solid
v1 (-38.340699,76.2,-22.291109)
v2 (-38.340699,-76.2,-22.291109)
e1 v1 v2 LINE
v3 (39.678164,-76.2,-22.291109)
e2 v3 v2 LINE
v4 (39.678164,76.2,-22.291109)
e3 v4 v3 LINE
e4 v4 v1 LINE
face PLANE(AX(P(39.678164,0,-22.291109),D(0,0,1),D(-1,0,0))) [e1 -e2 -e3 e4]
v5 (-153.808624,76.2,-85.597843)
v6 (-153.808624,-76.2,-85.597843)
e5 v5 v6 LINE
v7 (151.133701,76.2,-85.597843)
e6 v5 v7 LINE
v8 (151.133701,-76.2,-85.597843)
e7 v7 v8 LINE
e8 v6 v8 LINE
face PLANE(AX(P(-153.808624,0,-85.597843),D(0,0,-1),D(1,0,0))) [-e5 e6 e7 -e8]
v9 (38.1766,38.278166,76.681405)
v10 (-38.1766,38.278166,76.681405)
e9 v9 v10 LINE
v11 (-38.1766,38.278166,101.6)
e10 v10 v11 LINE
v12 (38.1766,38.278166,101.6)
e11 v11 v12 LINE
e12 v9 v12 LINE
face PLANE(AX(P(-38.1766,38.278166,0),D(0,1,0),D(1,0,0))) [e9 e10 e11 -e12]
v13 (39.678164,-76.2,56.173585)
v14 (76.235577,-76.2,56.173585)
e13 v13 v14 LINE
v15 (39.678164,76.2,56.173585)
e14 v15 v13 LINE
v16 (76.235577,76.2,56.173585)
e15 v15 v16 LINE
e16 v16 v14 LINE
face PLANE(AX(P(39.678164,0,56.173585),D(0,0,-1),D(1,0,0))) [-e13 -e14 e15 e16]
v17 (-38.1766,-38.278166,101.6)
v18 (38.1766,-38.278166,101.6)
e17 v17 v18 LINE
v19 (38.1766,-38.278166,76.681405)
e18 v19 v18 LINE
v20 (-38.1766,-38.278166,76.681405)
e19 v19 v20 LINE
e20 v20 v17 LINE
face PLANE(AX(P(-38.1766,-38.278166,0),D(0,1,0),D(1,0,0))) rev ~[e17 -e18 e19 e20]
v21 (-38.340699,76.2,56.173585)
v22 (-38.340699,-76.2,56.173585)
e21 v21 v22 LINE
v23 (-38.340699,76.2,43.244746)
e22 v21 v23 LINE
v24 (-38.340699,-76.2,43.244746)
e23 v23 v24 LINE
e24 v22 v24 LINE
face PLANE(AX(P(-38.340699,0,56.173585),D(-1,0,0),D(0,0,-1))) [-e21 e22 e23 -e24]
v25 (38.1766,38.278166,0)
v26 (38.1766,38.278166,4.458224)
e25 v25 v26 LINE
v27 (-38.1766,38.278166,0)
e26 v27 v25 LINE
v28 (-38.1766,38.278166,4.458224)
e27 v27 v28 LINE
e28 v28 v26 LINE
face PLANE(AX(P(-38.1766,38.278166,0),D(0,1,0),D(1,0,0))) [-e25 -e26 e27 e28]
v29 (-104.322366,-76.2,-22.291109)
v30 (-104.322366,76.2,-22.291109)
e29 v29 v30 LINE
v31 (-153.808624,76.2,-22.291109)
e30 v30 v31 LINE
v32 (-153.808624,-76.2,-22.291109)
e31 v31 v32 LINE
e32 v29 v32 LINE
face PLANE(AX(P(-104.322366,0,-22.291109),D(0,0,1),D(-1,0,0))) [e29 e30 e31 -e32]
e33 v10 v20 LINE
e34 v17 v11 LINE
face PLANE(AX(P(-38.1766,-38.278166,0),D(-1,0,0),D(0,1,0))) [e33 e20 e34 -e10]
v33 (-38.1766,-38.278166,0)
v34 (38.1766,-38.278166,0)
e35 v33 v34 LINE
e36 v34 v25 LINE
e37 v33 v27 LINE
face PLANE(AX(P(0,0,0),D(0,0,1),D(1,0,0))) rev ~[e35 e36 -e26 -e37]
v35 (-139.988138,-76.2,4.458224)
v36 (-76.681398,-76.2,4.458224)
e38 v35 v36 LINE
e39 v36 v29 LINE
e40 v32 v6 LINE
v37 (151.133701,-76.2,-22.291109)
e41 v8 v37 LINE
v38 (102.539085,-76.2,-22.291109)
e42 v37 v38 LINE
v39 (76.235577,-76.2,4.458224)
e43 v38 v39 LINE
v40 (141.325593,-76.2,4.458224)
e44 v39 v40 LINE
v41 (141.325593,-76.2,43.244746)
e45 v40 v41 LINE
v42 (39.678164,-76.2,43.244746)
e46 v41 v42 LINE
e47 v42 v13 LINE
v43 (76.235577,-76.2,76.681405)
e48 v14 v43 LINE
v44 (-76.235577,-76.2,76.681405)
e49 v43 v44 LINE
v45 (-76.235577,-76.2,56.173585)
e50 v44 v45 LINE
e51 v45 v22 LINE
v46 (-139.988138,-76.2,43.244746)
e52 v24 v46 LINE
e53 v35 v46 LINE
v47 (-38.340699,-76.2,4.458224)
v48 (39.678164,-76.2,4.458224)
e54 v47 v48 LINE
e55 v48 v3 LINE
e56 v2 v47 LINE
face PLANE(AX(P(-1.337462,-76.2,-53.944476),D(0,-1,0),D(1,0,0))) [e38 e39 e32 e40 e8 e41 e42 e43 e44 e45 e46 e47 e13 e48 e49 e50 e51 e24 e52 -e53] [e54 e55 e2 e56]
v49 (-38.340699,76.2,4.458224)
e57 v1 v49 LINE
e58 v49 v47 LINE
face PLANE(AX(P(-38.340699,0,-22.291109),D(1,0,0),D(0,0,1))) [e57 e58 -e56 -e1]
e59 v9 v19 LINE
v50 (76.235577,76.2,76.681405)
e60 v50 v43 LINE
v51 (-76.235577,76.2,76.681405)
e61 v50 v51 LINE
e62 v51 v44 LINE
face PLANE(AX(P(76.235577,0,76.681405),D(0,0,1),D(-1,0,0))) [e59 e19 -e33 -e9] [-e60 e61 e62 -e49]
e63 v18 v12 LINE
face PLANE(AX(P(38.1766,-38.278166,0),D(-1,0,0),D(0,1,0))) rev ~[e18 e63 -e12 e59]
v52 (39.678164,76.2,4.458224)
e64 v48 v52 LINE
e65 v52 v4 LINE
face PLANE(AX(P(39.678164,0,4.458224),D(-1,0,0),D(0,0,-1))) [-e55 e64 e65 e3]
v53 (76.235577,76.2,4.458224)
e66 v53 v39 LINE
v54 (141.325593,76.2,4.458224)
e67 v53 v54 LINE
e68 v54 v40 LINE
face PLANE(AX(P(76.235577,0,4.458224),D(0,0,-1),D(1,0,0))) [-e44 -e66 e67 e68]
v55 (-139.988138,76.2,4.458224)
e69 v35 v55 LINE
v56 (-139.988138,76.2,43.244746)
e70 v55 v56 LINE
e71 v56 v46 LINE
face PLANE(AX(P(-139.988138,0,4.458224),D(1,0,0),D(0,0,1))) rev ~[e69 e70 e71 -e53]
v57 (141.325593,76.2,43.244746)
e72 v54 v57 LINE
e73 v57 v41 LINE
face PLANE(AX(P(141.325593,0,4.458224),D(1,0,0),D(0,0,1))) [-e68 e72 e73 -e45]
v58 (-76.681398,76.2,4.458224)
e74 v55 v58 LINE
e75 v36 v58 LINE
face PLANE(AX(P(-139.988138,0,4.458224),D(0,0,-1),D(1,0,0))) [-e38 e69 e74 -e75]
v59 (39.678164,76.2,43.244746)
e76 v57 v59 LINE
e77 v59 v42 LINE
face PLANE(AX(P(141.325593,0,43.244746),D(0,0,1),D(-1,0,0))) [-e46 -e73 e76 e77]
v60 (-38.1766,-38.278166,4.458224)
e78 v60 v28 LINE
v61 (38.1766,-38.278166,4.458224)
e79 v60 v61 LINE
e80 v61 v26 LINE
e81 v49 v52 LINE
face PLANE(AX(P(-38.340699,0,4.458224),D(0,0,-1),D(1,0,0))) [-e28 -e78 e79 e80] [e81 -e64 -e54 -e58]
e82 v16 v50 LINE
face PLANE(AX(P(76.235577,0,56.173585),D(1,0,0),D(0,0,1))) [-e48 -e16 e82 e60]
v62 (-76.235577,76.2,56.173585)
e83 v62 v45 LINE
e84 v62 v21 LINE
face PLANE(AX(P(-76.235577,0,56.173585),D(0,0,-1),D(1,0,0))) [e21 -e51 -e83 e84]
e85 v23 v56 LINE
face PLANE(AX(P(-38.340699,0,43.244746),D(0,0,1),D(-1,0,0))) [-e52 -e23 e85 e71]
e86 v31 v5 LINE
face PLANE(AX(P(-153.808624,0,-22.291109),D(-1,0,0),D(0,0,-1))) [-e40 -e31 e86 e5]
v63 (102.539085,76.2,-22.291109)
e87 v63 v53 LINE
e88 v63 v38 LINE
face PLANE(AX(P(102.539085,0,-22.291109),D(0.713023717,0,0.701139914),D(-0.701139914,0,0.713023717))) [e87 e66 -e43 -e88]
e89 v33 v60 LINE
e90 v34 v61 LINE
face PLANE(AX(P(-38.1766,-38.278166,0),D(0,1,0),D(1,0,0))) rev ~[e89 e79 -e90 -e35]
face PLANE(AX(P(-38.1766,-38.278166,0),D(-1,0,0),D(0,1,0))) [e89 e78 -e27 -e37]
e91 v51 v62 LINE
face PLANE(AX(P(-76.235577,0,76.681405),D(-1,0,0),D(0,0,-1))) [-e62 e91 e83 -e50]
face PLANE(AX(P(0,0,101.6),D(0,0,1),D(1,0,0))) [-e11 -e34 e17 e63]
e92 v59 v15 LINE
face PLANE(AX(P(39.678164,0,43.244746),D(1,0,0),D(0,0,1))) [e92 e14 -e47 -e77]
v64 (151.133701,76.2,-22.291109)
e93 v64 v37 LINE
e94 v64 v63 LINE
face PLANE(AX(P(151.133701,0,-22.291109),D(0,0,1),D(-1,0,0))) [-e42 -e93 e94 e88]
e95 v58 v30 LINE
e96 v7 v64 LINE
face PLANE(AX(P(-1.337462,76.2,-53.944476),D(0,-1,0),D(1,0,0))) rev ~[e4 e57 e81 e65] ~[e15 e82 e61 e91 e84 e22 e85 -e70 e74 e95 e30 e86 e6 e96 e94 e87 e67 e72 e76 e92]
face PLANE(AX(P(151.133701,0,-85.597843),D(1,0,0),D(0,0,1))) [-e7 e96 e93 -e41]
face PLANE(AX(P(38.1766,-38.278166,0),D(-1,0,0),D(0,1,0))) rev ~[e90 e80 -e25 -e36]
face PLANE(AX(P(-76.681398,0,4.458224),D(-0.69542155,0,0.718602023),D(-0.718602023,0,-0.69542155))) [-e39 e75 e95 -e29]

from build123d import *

# Parameters (mm, degrees)
F0_W     = 63.306741
F0_H     = 38.786522
F0_W_2   = 65.090016
F1_DEPTH = 76.2
F2_W     = 76.3532
F2_H     = 76.556332
F3_DEPTH = 101.6


with BuildPart() as f1:
    # F0 (on Front) → F1 (new body, symmetric)
    with BuildSketch(Plane.XZ):
        Polygon((-153.808624, -22.291109), (-153.808624, -85.597843), (151.133701, -85.597843), (151.133701, -22.291109), (102.539085, -22.291109), (39.678164, -22.291109), (-38.340699, -22.291109), (-104.322366, -22.291109), align=None)
        Polygon((-76.681398, 4.458224), (-104.322366, -22.291109), (-38.340699, -22.291109), (-38.340699, 4.458224), align=None)
        Polygon((39.678164, -22.291109), (102.539085, -22.291109), (76.235577, 4.458224), (39.678164, 4.458224), align=None)
        Polygon((-76.681398, 43.244746), (-76.681398, 4.458224), (-38.340699, 4.458224), (0, 4.458224), (0, 43.244746), (-38.340699, 43.244746), align=None)
        with Locations((-108.334768, 23.851485)):
            Rectangle(F0_W, F0_H)
        with Locations((108.780585, 23.851485)):
            Rectangle(F0_W_2, F0_H)
        Polygon((39.678164, 4.458224), (76.235577, 4.458224), (76.235577, 43.244746), (39.678164, 43.244746), (0, 43.244746), (0, 4.458224), align=None)
        Polygon((-38.340699, 56.173585), (-38.340699, 43.244746), (0, 43.244746), (39.678164, 43.244746), (39.678164, 56.173585), align=None)
        Polygon((-76.235577, 56.173585), (-38.340699, 56.173585), (39.678164, 56.173585), (76.235577, 56.173585), (76.235577, 76.681405), (-76.235577, 76.681405), align=None)
    extrude(amount=F1_DEPTH, both=True)

    # F2 (on Top) → F3 (join)
    with BuildSketch(Plane.XY):
        Rectangle(F2_W, F2_H)
    extrude(amount=F3_DEPTH)


solid = f1.part
